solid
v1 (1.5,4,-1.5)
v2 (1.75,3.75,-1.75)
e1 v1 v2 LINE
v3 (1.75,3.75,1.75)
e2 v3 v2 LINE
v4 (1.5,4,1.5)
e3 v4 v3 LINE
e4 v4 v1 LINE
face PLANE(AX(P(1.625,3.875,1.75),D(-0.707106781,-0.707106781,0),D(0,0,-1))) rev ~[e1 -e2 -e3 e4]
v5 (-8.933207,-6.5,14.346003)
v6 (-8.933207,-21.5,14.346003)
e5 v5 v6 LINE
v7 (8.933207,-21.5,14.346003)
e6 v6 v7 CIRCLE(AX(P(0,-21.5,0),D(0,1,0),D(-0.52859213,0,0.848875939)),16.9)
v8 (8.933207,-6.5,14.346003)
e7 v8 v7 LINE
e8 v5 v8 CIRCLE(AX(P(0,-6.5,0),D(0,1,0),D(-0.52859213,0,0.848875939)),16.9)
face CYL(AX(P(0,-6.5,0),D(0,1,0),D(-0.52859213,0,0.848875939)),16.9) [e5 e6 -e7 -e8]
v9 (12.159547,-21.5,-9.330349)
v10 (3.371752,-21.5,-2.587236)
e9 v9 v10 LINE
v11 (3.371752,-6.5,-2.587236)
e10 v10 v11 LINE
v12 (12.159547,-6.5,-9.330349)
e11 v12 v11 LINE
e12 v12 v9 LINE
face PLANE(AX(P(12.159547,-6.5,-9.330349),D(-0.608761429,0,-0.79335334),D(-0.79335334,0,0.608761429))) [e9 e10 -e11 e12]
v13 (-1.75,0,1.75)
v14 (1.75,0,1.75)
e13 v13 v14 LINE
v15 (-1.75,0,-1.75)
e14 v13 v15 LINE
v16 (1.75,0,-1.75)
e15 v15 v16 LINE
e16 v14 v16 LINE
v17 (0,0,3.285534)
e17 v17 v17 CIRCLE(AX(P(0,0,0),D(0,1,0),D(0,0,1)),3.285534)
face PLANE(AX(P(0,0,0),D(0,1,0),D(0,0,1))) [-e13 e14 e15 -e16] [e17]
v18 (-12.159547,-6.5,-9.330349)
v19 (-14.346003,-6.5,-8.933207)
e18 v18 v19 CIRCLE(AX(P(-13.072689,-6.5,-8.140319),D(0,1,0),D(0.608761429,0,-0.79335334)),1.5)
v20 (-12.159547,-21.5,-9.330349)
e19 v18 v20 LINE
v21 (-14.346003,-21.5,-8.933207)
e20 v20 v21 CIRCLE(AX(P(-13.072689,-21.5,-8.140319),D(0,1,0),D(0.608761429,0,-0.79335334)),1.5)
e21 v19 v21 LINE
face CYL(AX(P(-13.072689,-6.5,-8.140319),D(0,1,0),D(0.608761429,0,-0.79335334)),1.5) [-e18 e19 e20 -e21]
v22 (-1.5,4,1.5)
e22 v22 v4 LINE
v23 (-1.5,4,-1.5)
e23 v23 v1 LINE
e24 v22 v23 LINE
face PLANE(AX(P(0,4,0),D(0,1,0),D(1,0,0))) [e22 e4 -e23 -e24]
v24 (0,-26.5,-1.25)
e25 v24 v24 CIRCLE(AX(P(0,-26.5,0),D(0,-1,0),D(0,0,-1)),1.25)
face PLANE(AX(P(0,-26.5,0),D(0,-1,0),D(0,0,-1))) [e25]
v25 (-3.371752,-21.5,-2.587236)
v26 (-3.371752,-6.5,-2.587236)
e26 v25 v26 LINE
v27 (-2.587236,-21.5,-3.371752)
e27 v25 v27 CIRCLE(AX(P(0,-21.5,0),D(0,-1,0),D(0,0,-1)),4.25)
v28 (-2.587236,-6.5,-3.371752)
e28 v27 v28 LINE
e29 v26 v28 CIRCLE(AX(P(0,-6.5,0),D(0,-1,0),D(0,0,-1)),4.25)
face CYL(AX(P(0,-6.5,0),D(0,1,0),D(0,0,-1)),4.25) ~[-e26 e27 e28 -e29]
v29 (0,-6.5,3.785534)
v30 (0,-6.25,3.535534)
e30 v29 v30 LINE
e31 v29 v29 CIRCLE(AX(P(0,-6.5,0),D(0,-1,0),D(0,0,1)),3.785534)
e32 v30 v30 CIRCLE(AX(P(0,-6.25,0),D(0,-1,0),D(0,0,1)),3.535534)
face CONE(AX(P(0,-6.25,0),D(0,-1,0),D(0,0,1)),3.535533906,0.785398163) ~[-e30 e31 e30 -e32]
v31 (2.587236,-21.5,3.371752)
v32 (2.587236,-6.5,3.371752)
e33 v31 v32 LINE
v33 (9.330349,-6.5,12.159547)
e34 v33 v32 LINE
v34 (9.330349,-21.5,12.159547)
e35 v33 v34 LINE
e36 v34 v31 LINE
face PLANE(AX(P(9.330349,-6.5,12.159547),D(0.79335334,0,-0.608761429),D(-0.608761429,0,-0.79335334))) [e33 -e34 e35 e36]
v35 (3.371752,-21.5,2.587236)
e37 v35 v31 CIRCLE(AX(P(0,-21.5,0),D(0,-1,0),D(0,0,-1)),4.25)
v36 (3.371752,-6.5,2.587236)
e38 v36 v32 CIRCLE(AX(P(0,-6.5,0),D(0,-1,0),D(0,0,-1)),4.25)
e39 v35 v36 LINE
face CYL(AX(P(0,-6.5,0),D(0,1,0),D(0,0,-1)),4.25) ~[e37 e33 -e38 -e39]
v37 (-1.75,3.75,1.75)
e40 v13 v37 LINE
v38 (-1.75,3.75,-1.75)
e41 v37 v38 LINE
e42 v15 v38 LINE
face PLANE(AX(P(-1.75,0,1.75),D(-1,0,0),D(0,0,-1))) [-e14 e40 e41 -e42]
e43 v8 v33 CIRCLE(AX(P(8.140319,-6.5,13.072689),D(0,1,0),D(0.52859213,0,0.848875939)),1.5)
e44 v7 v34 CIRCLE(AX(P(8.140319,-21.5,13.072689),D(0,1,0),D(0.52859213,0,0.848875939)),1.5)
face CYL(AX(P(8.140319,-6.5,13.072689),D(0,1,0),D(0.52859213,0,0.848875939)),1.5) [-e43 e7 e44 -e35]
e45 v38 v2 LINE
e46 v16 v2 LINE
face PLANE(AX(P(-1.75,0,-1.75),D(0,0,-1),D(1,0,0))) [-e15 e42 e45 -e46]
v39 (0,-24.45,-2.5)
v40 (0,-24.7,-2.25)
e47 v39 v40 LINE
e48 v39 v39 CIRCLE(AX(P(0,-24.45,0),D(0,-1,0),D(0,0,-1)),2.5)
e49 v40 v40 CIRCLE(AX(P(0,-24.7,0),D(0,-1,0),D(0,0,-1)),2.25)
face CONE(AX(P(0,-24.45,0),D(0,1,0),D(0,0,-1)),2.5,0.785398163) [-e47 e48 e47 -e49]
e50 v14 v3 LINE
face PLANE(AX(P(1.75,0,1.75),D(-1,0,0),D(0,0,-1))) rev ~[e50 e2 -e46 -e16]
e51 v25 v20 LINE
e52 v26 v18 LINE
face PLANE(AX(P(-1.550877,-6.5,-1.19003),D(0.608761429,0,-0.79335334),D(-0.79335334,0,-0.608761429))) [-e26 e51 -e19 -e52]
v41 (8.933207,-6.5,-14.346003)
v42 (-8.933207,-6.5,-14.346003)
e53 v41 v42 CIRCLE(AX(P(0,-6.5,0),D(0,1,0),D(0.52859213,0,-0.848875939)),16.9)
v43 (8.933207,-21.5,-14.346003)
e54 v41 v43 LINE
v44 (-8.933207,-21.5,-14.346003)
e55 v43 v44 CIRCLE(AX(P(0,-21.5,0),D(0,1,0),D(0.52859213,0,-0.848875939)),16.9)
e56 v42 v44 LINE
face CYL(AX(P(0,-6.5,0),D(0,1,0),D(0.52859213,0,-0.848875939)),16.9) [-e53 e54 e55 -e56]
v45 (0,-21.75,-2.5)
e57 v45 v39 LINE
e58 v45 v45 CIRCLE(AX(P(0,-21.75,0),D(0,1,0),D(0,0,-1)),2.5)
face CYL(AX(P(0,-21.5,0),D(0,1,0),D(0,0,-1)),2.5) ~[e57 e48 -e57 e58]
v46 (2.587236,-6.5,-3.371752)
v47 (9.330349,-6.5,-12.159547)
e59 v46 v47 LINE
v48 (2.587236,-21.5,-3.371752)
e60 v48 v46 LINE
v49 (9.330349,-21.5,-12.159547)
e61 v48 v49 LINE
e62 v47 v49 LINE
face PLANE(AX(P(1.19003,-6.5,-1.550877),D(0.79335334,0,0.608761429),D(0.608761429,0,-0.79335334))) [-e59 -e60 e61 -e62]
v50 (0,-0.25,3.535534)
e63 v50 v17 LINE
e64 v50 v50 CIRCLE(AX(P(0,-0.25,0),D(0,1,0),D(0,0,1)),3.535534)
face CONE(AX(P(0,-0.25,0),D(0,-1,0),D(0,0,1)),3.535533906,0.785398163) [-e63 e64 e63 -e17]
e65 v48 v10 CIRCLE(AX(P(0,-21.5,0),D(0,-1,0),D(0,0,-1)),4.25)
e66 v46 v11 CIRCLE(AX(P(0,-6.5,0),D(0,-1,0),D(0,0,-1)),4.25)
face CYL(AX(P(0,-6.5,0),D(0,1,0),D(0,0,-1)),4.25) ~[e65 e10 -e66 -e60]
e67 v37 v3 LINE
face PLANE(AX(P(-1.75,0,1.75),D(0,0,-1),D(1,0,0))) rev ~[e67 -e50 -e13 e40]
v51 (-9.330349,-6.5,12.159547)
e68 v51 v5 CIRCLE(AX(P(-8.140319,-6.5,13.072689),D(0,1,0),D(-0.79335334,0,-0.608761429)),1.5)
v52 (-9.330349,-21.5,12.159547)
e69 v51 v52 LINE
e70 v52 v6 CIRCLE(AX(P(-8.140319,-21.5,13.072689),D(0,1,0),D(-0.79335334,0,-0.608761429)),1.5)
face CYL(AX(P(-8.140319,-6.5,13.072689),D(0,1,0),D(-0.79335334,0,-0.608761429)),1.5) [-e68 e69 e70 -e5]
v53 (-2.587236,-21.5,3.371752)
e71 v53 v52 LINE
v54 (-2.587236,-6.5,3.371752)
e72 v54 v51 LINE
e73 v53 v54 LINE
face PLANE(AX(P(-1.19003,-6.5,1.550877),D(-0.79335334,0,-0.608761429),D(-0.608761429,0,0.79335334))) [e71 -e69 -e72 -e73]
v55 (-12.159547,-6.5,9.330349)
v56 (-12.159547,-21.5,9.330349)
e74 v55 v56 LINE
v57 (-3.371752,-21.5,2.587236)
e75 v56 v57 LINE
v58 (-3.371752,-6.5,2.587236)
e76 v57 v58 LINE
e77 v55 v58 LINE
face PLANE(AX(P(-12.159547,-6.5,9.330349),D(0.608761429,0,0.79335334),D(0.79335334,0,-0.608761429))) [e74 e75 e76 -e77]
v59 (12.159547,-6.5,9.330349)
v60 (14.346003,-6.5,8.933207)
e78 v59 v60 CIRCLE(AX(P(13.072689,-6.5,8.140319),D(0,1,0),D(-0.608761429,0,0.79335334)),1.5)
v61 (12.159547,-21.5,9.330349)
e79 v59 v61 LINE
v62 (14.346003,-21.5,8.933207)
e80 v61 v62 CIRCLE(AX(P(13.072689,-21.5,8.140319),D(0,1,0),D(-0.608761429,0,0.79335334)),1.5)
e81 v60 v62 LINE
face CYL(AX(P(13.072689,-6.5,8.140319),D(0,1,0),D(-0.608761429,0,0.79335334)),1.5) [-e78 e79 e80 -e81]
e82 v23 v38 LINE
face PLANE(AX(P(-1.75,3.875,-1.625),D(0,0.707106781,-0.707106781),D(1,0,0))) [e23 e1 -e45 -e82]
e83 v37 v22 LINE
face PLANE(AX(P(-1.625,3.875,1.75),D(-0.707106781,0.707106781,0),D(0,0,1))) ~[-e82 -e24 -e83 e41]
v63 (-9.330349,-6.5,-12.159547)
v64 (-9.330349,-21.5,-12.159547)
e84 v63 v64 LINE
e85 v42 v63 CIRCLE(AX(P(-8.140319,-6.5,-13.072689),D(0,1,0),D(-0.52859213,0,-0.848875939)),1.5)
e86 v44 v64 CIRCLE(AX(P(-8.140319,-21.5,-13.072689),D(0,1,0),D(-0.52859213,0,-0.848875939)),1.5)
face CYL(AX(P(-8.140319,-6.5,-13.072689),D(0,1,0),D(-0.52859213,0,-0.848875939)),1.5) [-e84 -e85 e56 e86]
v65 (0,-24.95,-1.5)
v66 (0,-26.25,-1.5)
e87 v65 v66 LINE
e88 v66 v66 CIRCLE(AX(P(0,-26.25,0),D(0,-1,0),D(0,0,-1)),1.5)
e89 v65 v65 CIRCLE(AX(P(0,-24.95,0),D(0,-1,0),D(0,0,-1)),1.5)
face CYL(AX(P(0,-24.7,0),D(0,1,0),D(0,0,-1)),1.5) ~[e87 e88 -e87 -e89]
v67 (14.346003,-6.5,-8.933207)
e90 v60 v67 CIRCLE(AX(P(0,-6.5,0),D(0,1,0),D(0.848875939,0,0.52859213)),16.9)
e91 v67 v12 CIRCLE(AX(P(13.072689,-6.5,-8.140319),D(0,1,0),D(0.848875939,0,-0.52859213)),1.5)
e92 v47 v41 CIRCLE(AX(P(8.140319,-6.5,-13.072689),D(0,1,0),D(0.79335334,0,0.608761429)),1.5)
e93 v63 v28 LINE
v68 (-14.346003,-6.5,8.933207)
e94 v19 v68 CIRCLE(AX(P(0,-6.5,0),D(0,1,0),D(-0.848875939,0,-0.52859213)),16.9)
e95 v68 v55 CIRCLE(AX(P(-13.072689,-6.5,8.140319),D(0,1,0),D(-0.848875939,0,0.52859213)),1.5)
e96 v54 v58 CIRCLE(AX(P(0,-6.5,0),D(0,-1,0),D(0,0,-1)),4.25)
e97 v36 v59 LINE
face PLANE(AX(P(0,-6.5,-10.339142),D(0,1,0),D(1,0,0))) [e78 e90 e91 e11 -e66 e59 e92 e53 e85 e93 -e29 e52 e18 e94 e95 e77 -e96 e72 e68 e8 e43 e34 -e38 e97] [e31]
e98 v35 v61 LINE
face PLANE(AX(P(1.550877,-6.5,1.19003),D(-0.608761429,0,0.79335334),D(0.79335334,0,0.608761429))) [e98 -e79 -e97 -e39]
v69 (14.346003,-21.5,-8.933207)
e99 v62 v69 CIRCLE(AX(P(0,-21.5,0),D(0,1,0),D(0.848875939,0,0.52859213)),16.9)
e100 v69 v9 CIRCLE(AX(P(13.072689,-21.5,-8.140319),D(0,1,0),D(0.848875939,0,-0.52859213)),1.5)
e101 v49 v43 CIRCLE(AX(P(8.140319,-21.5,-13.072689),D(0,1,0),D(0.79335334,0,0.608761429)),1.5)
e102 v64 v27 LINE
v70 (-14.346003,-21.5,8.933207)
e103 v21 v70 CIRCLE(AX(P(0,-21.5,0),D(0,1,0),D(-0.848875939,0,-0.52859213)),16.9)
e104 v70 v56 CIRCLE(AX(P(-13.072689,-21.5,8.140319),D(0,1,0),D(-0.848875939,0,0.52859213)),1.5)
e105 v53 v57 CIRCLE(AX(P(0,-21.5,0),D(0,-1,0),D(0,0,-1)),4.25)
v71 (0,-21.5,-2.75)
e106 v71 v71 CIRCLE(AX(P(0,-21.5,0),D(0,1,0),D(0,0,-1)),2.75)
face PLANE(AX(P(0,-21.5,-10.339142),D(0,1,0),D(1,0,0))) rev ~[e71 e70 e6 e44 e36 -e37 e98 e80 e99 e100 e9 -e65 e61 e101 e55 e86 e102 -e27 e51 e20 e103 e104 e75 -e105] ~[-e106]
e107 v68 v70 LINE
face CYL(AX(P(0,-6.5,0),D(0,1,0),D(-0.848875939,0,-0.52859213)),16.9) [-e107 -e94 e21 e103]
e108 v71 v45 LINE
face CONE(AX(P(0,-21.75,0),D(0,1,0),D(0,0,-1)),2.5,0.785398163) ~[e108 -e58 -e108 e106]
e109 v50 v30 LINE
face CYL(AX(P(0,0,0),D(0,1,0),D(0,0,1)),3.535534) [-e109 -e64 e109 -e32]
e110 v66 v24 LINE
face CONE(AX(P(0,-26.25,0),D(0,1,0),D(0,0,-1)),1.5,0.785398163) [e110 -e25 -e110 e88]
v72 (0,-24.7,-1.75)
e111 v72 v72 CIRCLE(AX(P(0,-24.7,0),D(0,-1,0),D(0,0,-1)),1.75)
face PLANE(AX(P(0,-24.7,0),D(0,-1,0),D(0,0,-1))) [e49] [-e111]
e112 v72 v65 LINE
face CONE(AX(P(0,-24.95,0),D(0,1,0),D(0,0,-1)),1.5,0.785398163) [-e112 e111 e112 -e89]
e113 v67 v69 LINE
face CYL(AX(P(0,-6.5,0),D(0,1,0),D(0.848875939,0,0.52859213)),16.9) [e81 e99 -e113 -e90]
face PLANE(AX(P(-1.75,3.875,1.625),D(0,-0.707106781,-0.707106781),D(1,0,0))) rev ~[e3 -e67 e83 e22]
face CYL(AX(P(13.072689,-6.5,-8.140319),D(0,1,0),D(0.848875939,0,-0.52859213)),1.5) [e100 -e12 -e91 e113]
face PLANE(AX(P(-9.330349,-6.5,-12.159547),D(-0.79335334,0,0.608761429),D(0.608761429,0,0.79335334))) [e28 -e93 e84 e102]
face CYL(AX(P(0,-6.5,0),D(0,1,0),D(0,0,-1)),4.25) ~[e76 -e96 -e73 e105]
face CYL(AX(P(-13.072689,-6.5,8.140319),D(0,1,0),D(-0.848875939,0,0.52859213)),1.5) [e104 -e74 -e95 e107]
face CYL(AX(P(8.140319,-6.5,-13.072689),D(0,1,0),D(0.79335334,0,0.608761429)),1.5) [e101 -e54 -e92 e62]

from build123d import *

# Parameters (mm, degrees)
SKETCH1_R           = 3.535533906
BOSS_EXTRUDE1_DEPTH = 6.5
SKETCH1_6_W         = 3.5
SKETCH1_6_H         = 3.5
BOSS_EXTRUDE2_DEPTH = 4
SKETCH4_R           = 4.25
BOSS_EXTRUDE5_DEPTH = 15
SKETCH2_R           = 2.5
BOSS_EXTRUDE3_DEPTH = 3.2
SKETCH3_R           = 1.5
BOSS_EXTRUDE4_DEPTH = 1.8
BOSS_EXTRUDE6_DEPTH = 15
CHAMFER1_SIZE       = 0.25


with BuildPart() as part:
    # Sketch1 → Boss-Extrude1 (new body)
    with BuildSketch(Plane(origin=(0, 0, 0), x_dir=(1, 0, 0), z_dir=(0, 1, 0))):
        with Locations(Location((0, 0, 0), (0, 0, 270))):
            Circle(SKETCH1_R)
    extrude(amount=-BOSS_EXTRUDE1_DEPTH)

    # Sketch1<6> → Boss-Extrude2 (add)
    with BuildSketch(Plane(origin=(0, 0, 0), x_dir=(1, 0, 0), z_dir=(0, 1, 0))):
        Rectangle(SKETCH1_6_W, SKETCH1_6_H)
    extrude(amount=BOSS_EXTRUDE2_DEPTH)

    # Sketch4 → Boss-Extrude5 (add)
    with BuildSketch(Plane.XZ.offset(6.5)):
        with Locations(Location((0, 0, 0), (0, 0, 270))):
            Circle(SKETCH4_R)
    extrude(amount=BOSS_EXTRUDE5_DEPTH)

    # Sketch2 → Boss-Extrude3 (add)
    with BuildSketch(Plane.XZ.offset(21.5)):
        with Locations(Location((0, 0, 0), (0, 0, 270))):
            Circle(SKETCH2_R)
    extrude(amount=BOSS_EXTRUDE3_DEPTH)

    # Sketch3 → Boss-Extrude4 (add)
    with BuildSketch(Plane.XZ.offset(24.7)):
        with Locations(Location((0, 0, 0), (0, 0, 270))):
            Circle(SKETCH3_R)
    extrude(amount=BOSS_EXTRUDE4_DEPTH)

    # Sketch5 → Boss-Extrude6 (add)
    with BuildSketch(Plane(origin=(0, -6.5, 0), x_dir=(1, 0, 0), z_dir=(0, 1, 0))):
        with BuildLine():
            Line((-9.330348818, 12.159547317), (-1.19003001, 1.550877304))
            ThreePointArc((-1.19003001, 1.550877304), (0, 0.964019448), (1.19003001, 1.550877304))
            Line((1.19003001, 1.550877304), (9.330348818, 12.159547317))
            ThreePointArc((9.330348818, 12.159547317), (9.616170653, 13.340759097), (8.933207003, 14.346003368))
            ThreePointArc((8.933207003, 14.346003368), (0, 16.9), (-8.933207003, 14.346003368))
            ThreePointArc((-8.933207003, 14.346003368), (-9.616170653, 13.340759097), (-9.330348818, 12.159547317))
        make_face()
        with BuildLine():
            Line((12.159547317, 9.330348818), (1.550877304, 1.19003001))
            ThreePointArc((1.550877304, 1.19003001), (0.964019448, 0), (1.550877304, -1.19003001))
            Line((1.550877304, -1.19003001), (12.159547317, -9.330348818))
            ThreePointArc((12.159547317, -9.330348818), (13.340759097, -9.616170653), (14.346003368, -8.933207003))
            ThreePointArc((14.346003368, -8.933207003), (16.9, 0), (14.346003368, 8.933207003))
            ThreePointArc((14.346003368, 8.933207003), (13.340759097, 9.616170653), (12.159547317, 9.330348818))
        make_face()
        with BuildLine():
            Line((9.330348818, -12.159547317), (1.19003001, -1.550877304))
            ThreePointArc((1.19003001, -1.550877304), (0, -0.964019448), (-1.19003001, -1.550877304))
            Line((-1.19003001, -1.550877304), (-9.330348818, -12.159547317))
            ThreePointArc((-9.330348818, -12.159547317), (-9.616170653, -13.340759097), (-8.933207003, -14.346003368))
            ThreePointArc((-8.933207003, -14.346003368), (0, -16.9), (8.933207003, -14.346003368))
            ThreePointArc((8.933207003, -14.346003368), (9.616170653, -13.340759097), (9.330348818, -12.159547317))
        make_face()
        with BuildLine():
            Line((-12.159547317, -9.330348818), (-1.550877304, -1.19003001))
            ThreePointArc((-1.550877304, -1.19003001), (-0.964019448, 0), (-1.550877304, 1.19003001))
            Line((-1.550877304, 1.19003001), (-12.159547317, 9.330348818))
            ThreePointArc((-12.159547317, 9.330348818), (-13.340759097, 9.616170653), (-14.346003368, 8.933207003))
            ThreePointArc((-14.346003368, 8.933207003), (-16.9, 0), (-14.346003368, -8.933207003))
            ThreePointArc((-14.346003368, -8.933207003), (-13.340759097, -9.616170653), (-12.159547317, -9.330348818))
        make_face()
    extrude(amount=-BOSS_EXTRUDE6_DEPTH)

    # Chamfer1
    chamfer1_edges = [part.edges().sort_by_distance(p)[0] for p in [
        (0, -6.5, -3.535533906),
        (0, 0, -3.535533906),
        (0, -21.5, 2.5),
        (0, -24.7, 2.5),
        (0, -24.7, 1.5),
        (0, -26.5, 1.5),
        (1.75, 4, 0),
        (0, 4, -1.75),
        (-1.75, 4, 0),
        (0, 4, 1.75),
    ]]
    chamfer(chamfer1_edges, length=CHAMFER1_SIZE)


solid = part.part
